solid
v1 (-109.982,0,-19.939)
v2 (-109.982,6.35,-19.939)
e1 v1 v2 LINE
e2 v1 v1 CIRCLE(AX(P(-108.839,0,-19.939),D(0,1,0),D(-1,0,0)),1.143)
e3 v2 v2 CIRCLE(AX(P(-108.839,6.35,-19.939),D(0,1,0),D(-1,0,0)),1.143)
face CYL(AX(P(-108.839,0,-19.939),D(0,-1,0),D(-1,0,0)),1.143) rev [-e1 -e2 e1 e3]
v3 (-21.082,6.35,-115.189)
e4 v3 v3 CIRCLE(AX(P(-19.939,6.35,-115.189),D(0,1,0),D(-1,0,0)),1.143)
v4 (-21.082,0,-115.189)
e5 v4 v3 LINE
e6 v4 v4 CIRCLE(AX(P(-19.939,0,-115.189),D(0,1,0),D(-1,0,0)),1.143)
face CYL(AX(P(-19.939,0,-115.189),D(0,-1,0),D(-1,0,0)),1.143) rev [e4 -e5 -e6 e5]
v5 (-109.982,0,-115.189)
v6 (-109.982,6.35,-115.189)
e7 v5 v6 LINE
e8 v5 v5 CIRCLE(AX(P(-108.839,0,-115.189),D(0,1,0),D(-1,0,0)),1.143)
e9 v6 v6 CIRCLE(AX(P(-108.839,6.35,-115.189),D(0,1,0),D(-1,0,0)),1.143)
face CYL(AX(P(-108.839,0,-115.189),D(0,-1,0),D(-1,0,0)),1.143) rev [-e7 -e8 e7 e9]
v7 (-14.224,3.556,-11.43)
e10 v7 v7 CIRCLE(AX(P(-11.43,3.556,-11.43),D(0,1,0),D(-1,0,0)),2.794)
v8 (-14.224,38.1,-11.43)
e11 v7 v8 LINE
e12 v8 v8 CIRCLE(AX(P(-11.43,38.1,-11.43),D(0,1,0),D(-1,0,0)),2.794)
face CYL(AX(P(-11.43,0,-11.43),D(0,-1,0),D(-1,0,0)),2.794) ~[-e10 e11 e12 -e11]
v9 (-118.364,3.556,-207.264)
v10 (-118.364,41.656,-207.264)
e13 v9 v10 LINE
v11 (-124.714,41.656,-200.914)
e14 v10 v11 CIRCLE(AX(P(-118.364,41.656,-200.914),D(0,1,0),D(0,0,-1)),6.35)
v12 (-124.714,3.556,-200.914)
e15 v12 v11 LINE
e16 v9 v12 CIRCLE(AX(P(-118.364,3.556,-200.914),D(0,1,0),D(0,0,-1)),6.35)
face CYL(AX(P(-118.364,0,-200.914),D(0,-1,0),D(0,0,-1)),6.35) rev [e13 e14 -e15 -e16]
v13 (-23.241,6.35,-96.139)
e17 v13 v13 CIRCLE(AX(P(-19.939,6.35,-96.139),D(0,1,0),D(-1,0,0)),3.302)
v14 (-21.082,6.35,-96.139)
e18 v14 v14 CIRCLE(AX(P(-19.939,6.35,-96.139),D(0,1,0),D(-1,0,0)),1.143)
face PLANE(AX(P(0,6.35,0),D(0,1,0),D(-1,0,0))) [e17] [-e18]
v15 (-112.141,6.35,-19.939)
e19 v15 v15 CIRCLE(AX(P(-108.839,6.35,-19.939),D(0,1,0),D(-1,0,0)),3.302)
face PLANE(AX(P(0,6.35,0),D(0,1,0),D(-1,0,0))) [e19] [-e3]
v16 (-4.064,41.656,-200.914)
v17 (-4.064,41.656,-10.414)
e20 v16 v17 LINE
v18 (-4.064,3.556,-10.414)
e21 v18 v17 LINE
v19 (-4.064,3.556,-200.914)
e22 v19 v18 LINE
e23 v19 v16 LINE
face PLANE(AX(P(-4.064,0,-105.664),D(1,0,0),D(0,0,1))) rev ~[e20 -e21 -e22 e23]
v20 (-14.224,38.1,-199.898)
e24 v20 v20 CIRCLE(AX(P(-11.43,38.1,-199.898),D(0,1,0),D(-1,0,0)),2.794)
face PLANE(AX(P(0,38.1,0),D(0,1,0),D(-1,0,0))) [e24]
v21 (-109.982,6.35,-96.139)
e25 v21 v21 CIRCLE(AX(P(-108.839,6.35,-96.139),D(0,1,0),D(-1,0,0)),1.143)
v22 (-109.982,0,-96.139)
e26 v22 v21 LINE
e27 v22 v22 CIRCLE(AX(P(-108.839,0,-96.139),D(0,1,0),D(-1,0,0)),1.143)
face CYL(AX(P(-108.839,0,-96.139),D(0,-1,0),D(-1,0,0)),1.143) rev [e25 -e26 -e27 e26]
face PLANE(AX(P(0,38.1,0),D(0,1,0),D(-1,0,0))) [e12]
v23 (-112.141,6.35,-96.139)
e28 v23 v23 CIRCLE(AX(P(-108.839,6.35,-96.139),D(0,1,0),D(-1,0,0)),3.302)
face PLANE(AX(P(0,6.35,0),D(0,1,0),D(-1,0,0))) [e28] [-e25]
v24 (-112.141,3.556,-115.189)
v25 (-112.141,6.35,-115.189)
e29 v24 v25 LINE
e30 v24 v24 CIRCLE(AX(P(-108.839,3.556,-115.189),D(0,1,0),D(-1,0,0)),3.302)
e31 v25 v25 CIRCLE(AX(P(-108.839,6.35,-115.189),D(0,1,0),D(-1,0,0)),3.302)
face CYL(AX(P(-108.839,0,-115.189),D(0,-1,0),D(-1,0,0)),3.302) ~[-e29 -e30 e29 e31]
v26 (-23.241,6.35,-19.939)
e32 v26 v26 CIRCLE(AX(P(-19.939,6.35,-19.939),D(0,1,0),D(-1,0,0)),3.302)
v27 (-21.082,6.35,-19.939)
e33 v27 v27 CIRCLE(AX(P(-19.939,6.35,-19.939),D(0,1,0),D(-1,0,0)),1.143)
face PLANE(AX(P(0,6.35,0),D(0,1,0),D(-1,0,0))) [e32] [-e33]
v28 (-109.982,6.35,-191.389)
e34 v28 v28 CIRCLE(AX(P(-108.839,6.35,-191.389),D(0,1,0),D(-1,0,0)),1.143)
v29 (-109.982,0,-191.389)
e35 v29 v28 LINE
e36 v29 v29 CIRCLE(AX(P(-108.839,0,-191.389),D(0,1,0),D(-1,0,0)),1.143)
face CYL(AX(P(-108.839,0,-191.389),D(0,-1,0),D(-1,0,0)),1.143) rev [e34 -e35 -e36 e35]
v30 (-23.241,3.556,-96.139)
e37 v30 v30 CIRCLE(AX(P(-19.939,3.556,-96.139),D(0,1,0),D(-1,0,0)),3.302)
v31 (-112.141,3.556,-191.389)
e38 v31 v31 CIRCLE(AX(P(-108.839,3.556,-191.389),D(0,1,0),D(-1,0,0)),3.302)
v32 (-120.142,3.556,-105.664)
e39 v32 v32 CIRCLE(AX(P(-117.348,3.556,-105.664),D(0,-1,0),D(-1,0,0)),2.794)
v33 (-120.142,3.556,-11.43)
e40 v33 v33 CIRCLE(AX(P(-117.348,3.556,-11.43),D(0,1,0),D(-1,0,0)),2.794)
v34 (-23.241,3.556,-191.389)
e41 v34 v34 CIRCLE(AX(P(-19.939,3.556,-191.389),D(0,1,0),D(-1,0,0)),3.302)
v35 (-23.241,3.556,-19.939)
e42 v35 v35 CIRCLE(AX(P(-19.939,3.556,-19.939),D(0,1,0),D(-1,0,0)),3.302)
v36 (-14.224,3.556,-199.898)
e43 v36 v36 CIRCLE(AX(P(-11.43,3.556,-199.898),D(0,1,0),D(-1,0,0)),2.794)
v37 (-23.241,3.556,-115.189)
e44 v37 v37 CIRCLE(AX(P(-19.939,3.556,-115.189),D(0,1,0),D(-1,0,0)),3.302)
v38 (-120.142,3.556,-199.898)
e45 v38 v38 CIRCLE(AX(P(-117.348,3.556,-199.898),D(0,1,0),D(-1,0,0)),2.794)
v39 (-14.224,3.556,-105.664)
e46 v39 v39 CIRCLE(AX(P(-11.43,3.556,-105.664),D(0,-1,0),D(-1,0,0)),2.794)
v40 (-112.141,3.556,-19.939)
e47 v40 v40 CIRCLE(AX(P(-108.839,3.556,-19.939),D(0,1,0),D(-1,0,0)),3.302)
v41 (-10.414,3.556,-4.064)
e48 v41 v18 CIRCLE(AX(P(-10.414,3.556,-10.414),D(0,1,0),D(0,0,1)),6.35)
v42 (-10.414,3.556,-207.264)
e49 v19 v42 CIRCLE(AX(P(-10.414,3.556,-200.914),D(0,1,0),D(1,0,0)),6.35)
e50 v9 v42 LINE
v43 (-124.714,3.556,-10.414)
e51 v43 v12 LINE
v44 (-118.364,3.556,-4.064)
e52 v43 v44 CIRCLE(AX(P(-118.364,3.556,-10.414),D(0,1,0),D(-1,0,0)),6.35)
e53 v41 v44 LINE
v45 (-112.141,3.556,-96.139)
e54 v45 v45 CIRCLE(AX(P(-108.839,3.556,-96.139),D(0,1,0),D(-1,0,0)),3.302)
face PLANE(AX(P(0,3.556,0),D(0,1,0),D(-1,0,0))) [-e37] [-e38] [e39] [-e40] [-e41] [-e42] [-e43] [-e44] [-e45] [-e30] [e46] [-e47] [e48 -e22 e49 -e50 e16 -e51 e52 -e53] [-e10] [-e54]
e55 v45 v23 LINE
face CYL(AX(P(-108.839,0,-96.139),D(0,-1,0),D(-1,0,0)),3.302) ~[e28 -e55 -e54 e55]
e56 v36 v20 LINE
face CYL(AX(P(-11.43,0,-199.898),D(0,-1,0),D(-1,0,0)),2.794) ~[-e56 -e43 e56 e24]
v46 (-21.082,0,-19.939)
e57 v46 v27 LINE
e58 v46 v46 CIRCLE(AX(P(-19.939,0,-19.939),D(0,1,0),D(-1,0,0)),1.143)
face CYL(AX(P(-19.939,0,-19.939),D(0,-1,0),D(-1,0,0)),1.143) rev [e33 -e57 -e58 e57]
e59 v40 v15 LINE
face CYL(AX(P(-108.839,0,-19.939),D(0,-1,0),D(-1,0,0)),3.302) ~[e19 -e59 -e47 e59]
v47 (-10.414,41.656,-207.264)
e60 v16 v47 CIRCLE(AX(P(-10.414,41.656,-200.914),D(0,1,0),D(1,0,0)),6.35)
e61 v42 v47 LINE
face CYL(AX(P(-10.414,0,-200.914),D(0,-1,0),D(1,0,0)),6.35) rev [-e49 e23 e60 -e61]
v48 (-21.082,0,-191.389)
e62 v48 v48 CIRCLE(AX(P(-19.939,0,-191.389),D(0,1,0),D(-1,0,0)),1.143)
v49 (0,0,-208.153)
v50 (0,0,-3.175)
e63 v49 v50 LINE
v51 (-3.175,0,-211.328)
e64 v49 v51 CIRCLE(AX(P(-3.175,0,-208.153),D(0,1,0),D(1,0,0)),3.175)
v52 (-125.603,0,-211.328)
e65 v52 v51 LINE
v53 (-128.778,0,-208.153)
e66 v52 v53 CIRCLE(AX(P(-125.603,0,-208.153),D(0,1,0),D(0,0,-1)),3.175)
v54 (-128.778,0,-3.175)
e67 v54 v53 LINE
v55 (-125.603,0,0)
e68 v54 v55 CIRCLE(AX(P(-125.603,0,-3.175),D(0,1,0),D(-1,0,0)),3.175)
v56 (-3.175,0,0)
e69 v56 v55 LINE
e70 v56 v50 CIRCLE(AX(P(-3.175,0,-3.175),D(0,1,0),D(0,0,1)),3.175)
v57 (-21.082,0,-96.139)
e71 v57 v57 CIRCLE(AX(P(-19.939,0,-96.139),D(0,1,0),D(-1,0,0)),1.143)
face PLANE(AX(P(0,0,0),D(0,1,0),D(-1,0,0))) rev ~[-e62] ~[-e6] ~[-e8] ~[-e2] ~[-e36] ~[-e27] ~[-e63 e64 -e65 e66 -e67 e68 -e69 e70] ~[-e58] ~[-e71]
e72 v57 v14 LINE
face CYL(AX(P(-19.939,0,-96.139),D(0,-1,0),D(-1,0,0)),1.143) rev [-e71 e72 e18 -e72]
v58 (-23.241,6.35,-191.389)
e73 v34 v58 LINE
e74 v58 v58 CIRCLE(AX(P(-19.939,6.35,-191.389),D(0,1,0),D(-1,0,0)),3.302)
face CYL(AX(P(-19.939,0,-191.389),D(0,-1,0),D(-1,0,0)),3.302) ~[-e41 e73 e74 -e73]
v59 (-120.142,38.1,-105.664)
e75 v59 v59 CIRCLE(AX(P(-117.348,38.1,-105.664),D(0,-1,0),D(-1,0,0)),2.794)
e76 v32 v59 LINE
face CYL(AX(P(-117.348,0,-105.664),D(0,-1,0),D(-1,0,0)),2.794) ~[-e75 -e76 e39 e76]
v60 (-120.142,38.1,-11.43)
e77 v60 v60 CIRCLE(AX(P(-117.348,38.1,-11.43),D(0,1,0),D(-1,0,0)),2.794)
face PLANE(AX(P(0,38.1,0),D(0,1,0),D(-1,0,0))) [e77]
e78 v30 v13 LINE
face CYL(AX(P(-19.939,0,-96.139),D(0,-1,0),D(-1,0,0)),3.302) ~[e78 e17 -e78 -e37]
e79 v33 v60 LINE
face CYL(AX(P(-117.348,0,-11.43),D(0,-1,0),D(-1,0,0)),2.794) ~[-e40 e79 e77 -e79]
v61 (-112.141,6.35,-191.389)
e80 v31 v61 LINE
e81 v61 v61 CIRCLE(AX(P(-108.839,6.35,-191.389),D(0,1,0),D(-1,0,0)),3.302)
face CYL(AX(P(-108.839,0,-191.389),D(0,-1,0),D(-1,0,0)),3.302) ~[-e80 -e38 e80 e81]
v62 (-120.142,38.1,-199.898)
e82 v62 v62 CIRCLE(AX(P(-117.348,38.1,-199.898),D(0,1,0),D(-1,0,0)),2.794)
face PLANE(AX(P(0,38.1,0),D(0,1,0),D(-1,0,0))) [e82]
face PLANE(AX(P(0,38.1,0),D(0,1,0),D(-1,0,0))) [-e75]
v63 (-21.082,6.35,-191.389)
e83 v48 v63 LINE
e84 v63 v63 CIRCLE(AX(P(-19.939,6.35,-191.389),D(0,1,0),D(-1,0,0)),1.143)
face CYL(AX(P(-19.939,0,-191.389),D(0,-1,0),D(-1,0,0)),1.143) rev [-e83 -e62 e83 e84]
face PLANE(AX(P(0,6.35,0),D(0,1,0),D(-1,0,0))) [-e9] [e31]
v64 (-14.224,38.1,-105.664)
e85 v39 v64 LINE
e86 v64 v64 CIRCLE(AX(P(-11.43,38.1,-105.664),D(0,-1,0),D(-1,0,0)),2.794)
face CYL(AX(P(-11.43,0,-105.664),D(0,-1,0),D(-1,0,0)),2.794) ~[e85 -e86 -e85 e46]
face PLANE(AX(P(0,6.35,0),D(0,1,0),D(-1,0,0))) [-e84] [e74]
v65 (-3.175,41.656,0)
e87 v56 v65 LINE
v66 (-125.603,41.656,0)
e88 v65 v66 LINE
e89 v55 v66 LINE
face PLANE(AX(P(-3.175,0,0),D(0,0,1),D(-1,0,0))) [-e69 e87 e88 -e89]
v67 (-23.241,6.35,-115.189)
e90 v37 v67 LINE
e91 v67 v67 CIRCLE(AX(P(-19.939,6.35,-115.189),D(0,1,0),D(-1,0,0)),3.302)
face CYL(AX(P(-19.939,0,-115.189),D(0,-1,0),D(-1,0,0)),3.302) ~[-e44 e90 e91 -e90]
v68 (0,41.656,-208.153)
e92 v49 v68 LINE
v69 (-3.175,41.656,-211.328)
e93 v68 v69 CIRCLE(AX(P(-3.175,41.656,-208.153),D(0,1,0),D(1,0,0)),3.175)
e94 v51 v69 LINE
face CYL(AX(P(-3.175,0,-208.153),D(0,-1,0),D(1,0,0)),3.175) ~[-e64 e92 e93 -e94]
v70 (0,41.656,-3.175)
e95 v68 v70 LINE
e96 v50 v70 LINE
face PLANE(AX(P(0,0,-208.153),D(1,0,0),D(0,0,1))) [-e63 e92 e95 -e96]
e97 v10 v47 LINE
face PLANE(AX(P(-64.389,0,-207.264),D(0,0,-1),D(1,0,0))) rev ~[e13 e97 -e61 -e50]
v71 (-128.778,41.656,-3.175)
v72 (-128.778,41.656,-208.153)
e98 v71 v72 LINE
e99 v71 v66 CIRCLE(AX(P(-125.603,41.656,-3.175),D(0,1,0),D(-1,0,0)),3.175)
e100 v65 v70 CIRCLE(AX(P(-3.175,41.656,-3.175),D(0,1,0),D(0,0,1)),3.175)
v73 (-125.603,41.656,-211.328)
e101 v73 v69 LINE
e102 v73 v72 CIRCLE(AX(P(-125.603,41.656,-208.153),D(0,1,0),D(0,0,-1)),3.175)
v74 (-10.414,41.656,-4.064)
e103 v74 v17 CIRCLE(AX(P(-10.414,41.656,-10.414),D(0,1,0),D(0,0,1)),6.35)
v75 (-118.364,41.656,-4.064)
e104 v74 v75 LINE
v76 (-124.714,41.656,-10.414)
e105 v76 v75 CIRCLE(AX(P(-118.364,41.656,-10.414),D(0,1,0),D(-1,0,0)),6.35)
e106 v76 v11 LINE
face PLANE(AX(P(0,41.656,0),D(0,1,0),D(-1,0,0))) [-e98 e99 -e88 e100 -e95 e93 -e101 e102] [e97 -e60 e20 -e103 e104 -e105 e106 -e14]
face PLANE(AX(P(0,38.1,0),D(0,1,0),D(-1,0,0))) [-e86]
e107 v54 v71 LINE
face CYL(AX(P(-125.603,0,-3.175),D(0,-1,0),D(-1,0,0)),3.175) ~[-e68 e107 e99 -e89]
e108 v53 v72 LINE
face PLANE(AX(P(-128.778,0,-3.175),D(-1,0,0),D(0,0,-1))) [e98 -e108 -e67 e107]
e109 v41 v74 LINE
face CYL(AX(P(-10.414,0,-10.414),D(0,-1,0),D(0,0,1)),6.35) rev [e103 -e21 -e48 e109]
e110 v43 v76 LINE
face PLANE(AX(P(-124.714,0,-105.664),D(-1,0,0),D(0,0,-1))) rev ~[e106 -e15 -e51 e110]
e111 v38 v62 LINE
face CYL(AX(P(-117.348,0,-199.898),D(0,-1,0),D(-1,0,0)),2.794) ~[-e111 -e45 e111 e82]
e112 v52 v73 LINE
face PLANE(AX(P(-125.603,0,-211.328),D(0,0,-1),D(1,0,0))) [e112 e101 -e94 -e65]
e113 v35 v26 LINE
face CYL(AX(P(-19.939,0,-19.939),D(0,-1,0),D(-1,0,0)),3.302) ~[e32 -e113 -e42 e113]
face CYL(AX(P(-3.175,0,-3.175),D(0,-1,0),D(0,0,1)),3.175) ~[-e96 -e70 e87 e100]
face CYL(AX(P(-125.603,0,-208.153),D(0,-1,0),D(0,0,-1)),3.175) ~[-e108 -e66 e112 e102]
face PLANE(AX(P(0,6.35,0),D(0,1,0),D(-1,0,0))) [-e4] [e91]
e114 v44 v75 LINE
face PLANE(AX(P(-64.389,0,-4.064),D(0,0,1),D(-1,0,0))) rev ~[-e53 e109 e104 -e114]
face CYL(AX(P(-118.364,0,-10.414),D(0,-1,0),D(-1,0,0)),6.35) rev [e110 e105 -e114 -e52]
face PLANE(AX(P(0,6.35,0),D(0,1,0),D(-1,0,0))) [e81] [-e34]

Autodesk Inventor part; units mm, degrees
ref_plane "YZ Plane" through (0, 0, 0) normal (1, 0, 0) x (0, 1, 0)
ref_plane "XZ Plane" through (0, 0, 0) normal (0, 1, 0) x (-1, 0, 0)
ref_plane "XY Plane" through (0, 0, 0) normal (0, 0, 1) x (1, 0, 0)
sketch "Sketch1" plane through (0, 0, 0) normal (0, 1, 0) x (-1, 0, 0)
  line L0 (3.175, 0) -> (125.603, 0)
  line L1 (128.778, -3.175) -> (128.778, -208.153)
  line L2 (125.603, -211.328) -> (3.175, -211.328)
  line L3 (0, -208.153) -> (0, -3.175)
  line L4 (10.414, -4.064) -> (118.364, -4.064)
  line L5 (124.714, -10.414) -> (124.714, -200.914)
  line L6 (118.364, -207.264) -> (10.414, -207.264)
  line L7 (4.064, -200.914) -> (4.064, -10.414)
  circle A0 centre (117.348, -11.43) radius 2.794
  circle A1 centre (11.43, -11.43) radius 2.794
  circle A2 centre (117.348, -105.664) radius 2.794
  circle A3 centre (11.43, -105.664) radius 2.794
  circle A4 centre (117.348, -199.898) radius 2.794
  circle A5 centre (11.43, -199.898) radius 2.794
  line L8 (124.714, -105.664) -> (4.064, -105.664)
  line L9 (64.389, -4.064) -> (64.389, -207.264)
  circle A6 centre (108.839, -19.939) radius 1.143
  circle A7 centre (108.839, -19.939) radius 3.302
  circle A8 centre (108.839, -96.139) radius 3.302
  circle A9 centre (108.839, -96.139) radius 1.143
  circle A10 centre (19.939, -19.939) radius 3.302
  circle A11 centre (19.939, -19.939) radius 1.143
  circle A12 centre (19.939, -96.139) radius 3.302
  circle A13 centre (19.939, -96.139) radius 1.143
  circle A14 centre (108.839, -191.389) radius 1.143
  circle A15 centre (108.839, -191.389) radius 3.302
  circle A16 centre (108.839, -115.189) radius 3.302
  circle A17 centre (108.839, -115.189) radius 1.143
  circle A18 centre (19.939, -191.389) radius 3.302
  circle A19 centre (19.939, -191.389) radius 1.143
  circle A20 centre (19.939, -115.189) radius 3.302
  circle A21 centre (19.939, -115.189) radius 1.143
  arc A22 (128.778, -3.175) -> (125.603, 0) centre (125.603, -3.175) ccw
  arc A23 (125.603, -211.328) -> (128.778, -208.153) centre (125.603, -208.153) ccw
  arc A24 (0, -208.153) -> (3.175, -211.328) centre (3.175, -208.153) ccw
  arc A25 (3.175, 0) -> (0, -3.175) centre (3.175, -3.175) ccw
  arc A26 (10.414, -4.064) -> (4.064, -10.414) centre (10.414, -10.414) ccw
  arc A27 (124.714, -10.414) -> (118.364, -4.064) centre (118.364, -10.414) ccw
  arc A28 (118.364, -207.264) -> (124.714, -200.914) centre (118.364, -200.914) ccw
  arc A29 (4.064, -200.914) -> (10.414, -207.264) centre (10.414, -200.914) ccw
  point P0 (0, 0)
  point P1 (128.778, -211.328)
  point P2 (128.778, 0)
  point P3 (0, -211.328)
  dimension "d0" = 128.778
  dimension "d1" = 211.328
  dimension "d2" = 203.2
  dimension "d3" = 120.65
  dimension "d4" = 4.064
  dimension "d5" = 4.064
  dimension "d6" = 5.588
  dimension "d9" = 105.918
  dimension "d12" = 94.234
  dimension "d15" = 0
  dimension "d16" = 52.959
  dimension "d17" = 2.286
  dimension "d18" = 6.604
  dimension "d21" = 76.2
  dimension "d24" = 88.9
  dimension "d27" = 44.45
  dimension "d28" = 9.525
  dimension "d29" = 3.175
  dimension "d30" = 6.35
  dimension "d31" = 6.35
extrude "Extrusion1" add sketch "Sketch1" along normal blind 3.556 contours L4 L9 L8 A3 L7 A26 | L4 A27 L5 L8 A2 L9 | L9 L6 A29 L7 L8 A3 | L8 A2 L5 A28 L6 L9
extrude "Extrusion2" add sketch "Sketch1" along normal blind 6.35 contours A7 | A8 | A10 | A12 | A15 | A16 | A18 | A20
extrude "Extrusion3" add sketch "Sketch1" along normal blind 38.1 contours L8 A2 | A2 L8 | L8 A3 | A3 L8 | A0 | A1 | A4 | A5
extrude "Extrusion4" add sketch "Sketch1" along normal blind 41.656 contours L0 A22 L1 A23 L2 A24 L3 A25
properties part number "Box"
